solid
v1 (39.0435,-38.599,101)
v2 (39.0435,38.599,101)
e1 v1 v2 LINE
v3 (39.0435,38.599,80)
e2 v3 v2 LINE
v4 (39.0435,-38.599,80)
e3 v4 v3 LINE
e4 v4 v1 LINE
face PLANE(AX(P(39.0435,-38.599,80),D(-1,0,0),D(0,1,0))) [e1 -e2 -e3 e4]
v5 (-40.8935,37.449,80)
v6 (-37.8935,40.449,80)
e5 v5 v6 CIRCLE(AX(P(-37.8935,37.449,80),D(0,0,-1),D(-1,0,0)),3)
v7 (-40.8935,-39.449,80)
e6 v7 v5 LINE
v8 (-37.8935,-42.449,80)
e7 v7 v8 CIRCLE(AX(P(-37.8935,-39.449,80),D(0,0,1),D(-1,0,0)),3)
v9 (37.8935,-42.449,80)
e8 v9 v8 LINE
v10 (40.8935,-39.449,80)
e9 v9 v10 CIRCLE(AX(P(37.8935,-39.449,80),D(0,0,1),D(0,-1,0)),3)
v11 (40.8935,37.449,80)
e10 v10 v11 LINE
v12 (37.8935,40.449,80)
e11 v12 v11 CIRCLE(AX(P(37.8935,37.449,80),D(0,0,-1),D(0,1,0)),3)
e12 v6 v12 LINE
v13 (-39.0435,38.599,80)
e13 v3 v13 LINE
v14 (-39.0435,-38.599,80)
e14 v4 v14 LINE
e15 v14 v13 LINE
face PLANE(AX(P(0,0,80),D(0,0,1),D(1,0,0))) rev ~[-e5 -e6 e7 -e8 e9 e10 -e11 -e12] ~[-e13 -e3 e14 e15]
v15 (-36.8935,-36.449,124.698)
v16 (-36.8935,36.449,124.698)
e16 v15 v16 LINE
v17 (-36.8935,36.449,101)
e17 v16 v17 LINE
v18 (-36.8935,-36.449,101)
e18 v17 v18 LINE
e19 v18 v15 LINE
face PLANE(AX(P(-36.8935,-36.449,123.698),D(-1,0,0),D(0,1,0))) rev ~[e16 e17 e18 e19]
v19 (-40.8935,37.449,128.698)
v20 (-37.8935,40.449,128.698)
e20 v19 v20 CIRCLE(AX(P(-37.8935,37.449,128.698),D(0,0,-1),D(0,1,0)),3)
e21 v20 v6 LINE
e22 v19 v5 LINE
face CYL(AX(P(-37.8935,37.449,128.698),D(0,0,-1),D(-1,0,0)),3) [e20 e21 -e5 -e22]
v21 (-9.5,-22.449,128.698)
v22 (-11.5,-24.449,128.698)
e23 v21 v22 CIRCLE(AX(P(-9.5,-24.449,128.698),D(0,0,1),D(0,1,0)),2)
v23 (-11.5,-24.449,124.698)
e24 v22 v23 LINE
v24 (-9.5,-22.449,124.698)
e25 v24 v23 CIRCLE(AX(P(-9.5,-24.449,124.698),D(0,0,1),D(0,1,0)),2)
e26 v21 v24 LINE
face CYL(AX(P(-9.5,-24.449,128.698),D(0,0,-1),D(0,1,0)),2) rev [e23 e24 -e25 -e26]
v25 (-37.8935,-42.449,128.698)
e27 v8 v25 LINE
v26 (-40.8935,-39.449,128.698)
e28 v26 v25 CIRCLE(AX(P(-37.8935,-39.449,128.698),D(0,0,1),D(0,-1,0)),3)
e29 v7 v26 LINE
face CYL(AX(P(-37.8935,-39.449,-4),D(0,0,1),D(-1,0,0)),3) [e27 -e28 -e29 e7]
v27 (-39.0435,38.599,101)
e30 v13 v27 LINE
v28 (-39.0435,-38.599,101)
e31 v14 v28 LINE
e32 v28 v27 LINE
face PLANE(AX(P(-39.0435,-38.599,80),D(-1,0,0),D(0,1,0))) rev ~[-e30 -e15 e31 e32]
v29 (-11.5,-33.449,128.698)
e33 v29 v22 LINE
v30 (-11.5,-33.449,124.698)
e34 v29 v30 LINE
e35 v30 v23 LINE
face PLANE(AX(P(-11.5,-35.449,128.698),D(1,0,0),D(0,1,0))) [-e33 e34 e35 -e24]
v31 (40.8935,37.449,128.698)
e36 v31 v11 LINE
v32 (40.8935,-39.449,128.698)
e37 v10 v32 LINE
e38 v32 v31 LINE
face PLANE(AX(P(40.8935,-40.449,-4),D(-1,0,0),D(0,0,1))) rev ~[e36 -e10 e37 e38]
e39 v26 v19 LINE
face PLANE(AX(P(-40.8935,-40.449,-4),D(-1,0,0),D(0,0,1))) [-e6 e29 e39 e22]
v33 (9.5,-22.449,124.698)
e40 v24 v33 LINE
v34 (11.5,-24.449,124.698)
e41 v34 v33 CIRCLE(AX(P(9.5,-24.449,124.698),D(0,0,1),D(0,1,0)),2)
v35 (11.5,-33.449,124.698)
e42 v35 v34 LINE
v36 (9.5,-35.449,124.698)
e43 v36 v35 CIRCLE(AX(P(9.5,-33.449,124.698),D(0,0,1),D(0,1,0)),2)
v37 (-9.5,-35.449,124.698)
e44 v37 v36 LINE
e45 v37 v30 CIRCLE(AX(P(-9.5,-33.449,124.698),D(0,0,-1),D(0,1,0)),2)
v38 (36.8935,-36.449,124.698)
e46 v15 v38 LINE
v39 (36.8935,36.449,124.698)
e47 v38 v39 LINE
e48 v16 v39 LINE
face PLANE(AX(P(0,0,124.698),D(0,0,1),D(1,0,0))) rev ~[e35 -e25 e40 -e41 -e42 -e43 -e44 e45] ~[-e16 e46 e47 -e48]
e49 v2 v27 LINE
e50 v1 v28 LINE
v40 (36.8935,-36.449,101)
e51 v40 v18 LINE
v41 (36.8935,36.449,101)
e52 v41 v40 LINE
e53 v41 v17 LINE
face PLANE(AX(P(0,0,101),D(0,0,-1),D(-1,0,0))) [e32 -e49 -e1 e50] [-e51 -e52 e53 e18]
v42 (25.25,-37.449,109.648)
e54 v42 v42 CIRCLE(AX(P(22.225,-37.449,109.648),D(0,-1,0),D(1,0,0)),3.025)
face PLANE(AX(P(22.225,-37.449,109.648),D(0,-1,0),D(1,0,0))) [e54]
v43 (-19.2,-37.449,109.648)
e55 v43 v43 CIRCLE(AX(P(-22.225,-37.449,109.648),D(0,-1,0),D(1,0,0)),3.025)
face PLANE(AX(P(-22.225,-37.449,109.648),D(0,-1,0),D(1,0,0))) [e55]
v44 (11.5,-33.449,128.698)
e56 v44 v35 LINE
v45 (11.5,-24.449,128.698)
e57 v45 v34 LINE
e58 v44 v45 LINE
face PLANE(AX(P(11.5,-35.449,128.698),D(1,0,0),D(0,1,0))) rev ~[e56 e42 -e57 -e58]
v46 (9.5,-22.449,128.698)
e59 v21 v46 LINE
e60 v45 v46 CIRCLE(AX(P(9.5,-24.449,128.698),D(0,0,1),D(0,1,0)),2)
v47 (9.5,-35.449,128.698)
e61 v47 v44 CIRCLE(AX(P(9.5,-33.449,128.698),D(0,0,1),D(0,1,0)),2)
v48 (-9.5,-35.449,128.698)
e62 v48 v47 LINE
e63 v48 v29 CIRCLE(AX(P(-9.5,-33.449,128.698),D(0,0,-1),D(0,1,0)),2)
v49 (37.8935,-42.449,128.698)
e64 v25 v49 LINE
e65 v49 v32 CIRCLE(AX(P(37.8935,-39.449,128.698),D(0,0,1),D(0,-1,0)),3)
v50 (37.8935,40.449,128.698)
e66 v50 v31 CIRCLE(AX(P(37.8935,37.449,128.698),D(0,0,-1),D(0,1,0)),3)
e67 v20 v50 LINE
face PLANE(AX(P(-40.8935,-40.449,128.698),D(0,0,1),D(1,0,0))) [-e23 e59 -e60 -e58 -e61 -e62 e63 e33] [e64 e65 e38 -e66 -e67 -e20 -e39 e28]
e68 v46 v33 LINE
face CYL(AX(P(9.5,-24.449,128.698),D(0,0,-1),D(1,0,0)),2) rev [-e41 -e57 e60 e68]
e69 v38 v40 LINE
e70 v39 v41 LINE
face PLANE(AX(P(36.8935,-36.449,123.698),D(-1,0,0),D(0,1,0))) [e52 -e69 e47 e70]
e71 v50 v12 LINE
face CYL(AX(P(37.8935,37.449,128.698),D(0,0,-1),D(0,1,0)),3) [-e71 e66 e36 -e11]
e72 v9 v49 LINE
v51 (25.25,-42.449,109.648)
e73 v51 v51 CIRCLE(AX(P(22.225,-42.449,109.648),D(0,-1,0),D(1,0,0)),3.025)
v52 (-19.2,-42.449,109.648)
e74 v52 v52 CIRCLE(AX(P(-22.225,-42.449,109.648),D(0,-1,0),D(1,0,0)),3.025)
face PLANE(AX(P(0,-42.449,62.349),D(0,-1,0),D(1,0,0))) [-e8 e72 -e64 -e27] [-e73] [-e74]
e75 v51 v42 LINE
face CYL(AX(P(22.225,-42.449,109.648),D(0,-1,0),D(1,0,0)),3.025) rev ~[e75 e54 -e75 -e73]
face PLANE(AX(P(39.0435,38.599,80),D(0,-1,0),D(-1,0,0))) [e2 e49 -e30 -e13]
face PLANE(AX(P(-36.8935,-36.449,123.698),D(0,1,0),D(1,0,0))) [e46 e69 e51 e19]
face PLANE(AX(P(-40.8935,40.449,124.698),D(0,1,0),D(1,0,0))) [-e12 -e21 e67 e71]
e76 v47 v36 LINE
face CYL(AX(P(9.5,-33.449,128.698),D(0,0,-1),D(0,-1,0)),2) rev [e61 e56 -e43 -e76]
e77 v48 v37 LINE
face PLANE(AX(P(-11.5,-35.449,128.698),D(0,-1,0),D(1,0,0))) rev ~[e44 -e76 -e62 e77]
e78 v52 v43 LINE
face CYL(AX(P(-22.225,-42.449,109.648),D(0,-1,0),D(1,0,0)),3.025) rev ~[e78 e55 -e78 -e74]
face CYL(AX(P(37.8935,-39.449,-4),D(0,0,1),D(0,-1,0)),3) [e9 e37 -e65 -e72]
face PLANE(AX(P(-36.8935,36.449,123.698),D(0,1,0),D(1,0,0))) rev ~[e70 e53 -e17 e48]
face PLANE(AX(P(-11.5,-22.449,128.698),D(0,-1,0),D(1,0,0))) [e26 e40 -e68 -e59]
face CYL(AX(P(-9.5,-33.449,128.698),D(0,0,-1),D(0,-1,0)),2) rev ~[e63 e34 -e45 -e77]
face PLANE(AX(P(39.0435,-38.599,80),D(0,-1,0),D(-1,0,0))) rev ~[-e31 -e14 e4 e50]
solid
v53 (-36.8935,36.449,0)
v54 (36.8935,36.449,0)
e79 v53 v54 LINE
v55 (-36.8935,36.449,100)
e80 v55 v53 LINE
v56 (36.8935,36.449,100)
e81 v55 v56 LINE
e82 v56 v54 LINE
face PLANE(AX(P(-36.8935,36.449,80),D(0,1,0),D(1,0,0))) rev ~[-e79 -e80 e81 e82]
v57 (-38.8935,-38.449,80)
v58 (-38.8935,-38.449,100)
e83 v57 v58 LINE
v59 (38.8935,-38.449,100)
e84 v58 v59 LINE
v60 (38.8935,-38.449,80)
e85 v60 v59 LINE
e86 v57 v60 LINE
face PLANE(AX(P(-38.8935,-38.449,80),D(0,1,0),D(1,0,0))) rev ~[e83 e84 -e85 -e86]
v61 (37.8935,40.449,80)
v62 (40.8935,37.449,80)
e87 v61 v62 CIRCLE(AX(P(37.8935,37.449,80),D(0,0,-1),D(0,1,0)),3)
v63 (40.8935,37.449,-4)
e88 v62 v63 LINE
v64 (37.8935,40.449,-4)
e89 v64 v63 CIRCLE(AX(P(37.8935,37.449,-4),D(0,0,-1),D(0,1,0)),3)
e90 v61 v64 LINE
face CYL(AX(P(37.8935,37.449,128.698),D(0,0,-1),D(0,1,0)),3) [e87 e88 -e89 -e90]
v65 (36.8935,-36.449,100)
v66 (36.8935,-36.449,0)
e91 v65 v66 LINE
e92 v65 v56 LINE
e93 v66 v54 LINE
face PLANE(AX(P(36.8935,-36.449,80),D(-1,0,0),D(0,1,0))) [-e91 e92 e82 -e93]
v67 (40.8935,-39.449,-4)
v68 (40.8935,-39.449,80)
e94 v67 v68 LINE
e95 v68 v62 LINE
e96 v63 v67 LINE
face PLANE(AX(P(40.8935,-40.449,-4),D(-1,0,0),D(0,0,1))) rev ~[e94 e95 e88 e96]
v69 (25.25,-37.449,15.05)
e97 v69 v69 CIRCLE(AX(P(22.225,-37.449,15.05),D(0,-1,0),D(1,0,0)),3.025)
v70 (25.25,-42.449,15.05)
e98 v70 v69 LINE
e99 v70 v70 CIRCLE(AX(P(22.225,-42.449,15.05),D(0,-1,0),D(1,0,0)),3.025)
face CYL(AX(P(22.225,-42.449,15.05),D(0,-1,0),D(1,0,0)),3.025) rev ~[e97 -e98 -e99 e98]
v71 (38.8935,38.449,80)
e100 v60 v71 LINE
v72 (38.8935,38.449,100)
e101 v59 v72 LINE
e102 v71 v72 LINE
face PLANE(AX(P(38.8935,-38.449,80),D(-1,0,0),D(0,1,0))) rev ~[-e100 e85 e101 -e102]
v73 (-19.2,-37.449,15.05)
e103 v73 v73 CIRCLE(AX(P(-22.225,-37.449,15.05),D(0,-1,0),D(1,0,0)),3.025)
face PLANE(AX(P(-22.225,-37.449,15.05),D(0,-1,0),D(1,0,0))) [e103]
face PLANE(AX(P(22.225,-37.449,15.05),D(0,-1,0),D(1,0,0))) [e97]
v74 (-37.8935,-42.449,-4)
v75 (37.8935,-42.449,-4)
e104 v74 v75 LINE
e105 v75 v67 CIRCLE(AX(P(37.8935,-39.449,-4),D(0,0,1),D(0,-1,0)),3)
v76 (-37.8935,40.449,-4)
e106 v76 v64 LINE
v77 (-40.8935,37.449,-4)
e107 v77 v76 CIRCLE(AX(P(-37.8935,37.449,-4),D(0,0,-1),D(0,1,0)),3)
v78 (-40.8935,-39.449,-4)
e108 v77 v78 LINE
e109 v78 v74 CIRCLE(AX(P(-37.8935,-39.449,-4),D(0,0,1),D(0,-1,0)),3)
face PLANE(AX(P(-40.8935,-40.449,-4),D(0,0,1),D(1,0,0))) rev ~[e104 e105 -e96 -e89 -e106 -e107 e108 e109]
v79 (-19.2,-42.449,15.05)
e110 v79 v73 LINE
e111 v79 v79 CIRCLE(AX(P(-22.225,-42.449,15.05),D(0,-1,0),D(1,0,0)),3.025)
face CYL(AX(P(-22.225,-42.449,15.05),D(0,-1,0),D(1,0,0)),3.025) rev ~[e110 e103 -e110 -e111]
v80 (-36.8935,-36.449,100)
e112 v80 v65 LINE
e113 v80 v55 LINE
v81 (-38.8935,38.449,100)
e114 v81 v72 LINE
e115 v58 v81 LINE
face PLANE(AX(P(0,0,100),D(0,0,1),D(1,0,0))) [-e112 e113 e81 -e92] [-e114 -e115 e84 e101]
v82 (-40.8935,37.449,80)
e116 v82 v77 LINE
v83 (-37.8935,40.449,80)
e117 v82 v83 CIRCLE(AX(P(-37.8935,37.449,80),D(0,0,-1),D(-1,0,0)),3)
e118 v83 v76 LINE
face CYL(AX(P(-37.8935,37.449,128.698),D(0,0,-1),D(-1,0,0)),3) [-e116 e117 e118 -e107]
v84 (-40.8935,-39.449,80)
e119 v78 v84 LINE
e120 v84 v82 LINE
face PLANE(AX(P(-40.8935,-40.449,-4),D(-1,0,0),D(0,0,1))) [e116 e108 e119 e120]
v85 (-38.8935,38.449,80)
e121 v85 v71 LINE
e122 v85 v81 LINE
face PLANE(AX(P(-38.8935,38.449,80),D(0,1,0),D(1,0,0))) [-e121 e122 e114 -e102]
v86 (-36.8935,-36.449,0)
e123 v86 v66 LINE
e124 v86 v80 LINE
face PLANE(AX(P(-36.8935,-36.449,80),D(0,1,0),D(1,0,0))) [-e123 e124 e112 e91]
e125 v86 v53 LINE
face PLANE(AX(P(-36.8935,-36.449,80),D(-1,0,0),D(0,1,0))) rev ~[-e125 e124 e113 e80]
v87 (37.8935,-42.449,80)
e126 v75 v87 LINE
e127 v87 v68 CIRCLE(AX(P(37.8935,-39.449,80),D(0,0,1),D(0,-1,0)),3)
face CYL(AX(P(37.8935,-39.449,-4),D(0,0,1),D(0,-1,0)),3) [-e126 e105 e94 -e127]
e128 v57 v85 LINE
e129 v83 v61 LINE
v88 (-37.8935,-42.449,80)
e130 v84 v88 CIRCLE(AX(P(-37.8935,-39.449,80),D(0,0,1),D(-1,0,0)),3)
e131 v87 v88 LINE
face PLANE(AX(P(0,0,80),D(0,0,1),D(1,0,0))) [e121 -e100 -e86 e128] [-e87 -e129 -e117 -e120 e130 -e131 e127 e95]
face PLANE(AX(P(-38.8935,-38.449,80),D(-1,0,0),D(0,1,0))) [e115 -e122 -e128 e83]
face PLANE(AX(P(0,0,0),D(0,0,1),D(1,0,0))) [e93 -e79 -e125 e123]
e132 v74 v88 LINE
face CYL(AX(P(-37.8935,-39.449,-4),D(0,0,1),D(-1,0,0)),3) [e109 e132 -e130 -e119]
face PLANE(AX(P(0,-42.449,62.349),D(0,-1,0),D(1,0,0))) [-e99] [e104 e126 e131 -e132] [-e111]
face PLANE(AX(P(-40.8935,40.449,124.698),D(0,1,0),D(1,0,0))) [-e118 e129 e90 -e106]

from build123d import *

# Parameters (mm, degrees)
SKETCH1_W           = 73.787
SKETCH1_H           = 72.898
BOSS_EXTRUDE1_DEPTH = 123.698
SHELL1_T            = 4
SKETCH2_W           = 81.787
SKETCH2_H           = 80.898
SKETCH2_W_2         = 73.787
SKETCH2_H_2         = 72.898
BOSS_EXTRUDE2_DEPTH = 1
SKETCH7_W           = 81.787
SKETCH7_H           = 80.898
BOSS_EXTRUDE5_DEPTH = 4
SKETCH3_W           = 81.787
SKETCH3_H           = 132.698
BOSS_EXTRUDE3_DEPTH = 2
SKETCH4_R           = 3.025
CUT_EXTRUDE2_DEPTH  = 5
FILLET1_R           = 3
SKETCH5_W           = 77.787
SKETCH5_H           = 76.898
SKETCH5_W_2         = 73.787
SKETCH5_H_2         = 72.898
BOSS_EXTRUDE4_DEPTH = 20
SKETCH6_W           = 78.087
SKETCH6_H           = 77.198
CUT_EXTRUDE3_DEPTH  = 21
SKETCH8_W           = 23
SKETCH8_H           = 13
CUT_EXTRUDE4_DEPTH  = 10
FILLET2_R           = 2


with BuildPart() as part:
    # Sketch1 → Boss-Extrude1 (new body)
    with BuildSketch(Plane.XY):
        Rectangle(SKETCH1_W, SKETCH1_H)
    extrude(amount=BOSS_EXTRUDE1_DEPTH)

    # Shell1
    shell1_openings = [part.faces().sort_by_distance(p)[0] for p in [
        (0, 0, 123.698),
    ]]
    offset(amount=SHELL1_T, openings=shell1_openings, kind=Kind.INTERSECTION)

    # Sketch2 → Boss-Extrude2 (add)
    with BuildSketch(Plane.XY.offset(123.698)):
        Rectangle(SKETCH2_W, SKETCH2_H)
        Rectangle(SKETCH2_W_2, SKETCH2_H_2, mode=Mode.SUBTRACT)
    extrude(amount=BOSS_EXTRUDE2_DEPTH)

    # Sketch7 → Boss-Extrude5 (add)
    with BuildSketch(Plane.XY.offset(124.698)):
        Rectangle(SKETCH7_W, SKETCH7_H)
    extrude(amount=BOSS_EXTRUDE5_DEPTH)

    # Sketch3 → Boss-Extrude3 (add)
    with BuildSketch(Plane.XZ.offset(40.449)):
        with Locations((0, 62.349)):
            Rectangle(SKETCH3_W, SKETCH3_H)
    extrude(amount=BOSS_EXTRUDE3_DEPTH)

    # Sketch4 → Cut-Extrude2 (cut)
    with BuildSketch(Plane.XZ.offset(42.449)):
        with Locations((-22.225, 109.648)):
            Circle(SKETCH4_R)
        with Locations((22.225, 109.648)):
            Circle(SKETCH4_R)
        with Locations((-22.225, 15.05)):
            Circle(SKETCH4_R)
        with Locations((22.225, 15.05)):
            Circle(SKETCH4_R)
    extrude(amount=-CUT_EXTRUDE2_DEPTH, mode=Mode.SUBTRACT)

    # Fillet1
    fillet1_edges = [part.edges().sort_by_distance(p)[0] for p in [
        (-40.8935, -42.449, 62.349),
        (40.8935, -42.449, 62.349),
        (40.8935, 40.449, 62.349),
        (-40.8935, 40.449, 62.349),
    ]]
    fillet(fillet1_edges, radius=FILLET1_R)


with BuildPart() as body_2:
    # Split1: the piece on the far side of the plane
    add(part.part)
    split(bisect_by=Plane.XY.offset(80), keep=Keep.BOTTOM)

    # Sketch5 → Boss-Extrude4 (add)
    with BuildSketch(Plane.XY.offset(80)):
        Rectangle(SKETCH5_W, SKETCH5_H)
        Rectangle(SKETCH5_W_2, SKETCH5_H_2, mode=Mode.SUBTRACT)
    extrude(amount=BOSS_EXTRUDE4_DEPTH)


with BuildPart() as part_1:
    add(part.part)

    # Split1
    split(bisect_by=Plane.XY.offset(80), keep=Keep.TOP)

    # Sketch6 → Cut-Extrude3 (cut)
    with BuildSketch(Plane(origin=(0, 0, 80), x_dir=(-1, 0, 0), z_dir=(0, 0, -1))):
        Rectangle(SKETCH6_W, SKETCH6_H)
    extrude(amount=-CUT_EXTRUDE3_DEPTH, mode=Mode.SUBTRACT)

    # Sketch8 → Cut-Extrude4 (cut)
    with BuildSketch(Plane.XY.offset(128.698)):
        with Locations((0, -28.949)):
            Rectangle(SKETCH8_W, SKETCH8_H)
    extrude(amount=-CUT_EXTRUDE4_DEPTH, mode=Mode.SUBTRACT)

    # Fillet2
    fillet2_edges = [part_1.edges().sort_by_distance(p)[0] for p in [
        (11.5, -22.449, 126.698),
        (11.5, -35.449, 126.698),
        (-11.5, -35.449, 126.698),
        (-11.5, -22.449, 126.698),
    ]]
    fillet(fillet2_edges, radius=FILLET2_R)


solid = Compound([body_2.part, part_1.part])
